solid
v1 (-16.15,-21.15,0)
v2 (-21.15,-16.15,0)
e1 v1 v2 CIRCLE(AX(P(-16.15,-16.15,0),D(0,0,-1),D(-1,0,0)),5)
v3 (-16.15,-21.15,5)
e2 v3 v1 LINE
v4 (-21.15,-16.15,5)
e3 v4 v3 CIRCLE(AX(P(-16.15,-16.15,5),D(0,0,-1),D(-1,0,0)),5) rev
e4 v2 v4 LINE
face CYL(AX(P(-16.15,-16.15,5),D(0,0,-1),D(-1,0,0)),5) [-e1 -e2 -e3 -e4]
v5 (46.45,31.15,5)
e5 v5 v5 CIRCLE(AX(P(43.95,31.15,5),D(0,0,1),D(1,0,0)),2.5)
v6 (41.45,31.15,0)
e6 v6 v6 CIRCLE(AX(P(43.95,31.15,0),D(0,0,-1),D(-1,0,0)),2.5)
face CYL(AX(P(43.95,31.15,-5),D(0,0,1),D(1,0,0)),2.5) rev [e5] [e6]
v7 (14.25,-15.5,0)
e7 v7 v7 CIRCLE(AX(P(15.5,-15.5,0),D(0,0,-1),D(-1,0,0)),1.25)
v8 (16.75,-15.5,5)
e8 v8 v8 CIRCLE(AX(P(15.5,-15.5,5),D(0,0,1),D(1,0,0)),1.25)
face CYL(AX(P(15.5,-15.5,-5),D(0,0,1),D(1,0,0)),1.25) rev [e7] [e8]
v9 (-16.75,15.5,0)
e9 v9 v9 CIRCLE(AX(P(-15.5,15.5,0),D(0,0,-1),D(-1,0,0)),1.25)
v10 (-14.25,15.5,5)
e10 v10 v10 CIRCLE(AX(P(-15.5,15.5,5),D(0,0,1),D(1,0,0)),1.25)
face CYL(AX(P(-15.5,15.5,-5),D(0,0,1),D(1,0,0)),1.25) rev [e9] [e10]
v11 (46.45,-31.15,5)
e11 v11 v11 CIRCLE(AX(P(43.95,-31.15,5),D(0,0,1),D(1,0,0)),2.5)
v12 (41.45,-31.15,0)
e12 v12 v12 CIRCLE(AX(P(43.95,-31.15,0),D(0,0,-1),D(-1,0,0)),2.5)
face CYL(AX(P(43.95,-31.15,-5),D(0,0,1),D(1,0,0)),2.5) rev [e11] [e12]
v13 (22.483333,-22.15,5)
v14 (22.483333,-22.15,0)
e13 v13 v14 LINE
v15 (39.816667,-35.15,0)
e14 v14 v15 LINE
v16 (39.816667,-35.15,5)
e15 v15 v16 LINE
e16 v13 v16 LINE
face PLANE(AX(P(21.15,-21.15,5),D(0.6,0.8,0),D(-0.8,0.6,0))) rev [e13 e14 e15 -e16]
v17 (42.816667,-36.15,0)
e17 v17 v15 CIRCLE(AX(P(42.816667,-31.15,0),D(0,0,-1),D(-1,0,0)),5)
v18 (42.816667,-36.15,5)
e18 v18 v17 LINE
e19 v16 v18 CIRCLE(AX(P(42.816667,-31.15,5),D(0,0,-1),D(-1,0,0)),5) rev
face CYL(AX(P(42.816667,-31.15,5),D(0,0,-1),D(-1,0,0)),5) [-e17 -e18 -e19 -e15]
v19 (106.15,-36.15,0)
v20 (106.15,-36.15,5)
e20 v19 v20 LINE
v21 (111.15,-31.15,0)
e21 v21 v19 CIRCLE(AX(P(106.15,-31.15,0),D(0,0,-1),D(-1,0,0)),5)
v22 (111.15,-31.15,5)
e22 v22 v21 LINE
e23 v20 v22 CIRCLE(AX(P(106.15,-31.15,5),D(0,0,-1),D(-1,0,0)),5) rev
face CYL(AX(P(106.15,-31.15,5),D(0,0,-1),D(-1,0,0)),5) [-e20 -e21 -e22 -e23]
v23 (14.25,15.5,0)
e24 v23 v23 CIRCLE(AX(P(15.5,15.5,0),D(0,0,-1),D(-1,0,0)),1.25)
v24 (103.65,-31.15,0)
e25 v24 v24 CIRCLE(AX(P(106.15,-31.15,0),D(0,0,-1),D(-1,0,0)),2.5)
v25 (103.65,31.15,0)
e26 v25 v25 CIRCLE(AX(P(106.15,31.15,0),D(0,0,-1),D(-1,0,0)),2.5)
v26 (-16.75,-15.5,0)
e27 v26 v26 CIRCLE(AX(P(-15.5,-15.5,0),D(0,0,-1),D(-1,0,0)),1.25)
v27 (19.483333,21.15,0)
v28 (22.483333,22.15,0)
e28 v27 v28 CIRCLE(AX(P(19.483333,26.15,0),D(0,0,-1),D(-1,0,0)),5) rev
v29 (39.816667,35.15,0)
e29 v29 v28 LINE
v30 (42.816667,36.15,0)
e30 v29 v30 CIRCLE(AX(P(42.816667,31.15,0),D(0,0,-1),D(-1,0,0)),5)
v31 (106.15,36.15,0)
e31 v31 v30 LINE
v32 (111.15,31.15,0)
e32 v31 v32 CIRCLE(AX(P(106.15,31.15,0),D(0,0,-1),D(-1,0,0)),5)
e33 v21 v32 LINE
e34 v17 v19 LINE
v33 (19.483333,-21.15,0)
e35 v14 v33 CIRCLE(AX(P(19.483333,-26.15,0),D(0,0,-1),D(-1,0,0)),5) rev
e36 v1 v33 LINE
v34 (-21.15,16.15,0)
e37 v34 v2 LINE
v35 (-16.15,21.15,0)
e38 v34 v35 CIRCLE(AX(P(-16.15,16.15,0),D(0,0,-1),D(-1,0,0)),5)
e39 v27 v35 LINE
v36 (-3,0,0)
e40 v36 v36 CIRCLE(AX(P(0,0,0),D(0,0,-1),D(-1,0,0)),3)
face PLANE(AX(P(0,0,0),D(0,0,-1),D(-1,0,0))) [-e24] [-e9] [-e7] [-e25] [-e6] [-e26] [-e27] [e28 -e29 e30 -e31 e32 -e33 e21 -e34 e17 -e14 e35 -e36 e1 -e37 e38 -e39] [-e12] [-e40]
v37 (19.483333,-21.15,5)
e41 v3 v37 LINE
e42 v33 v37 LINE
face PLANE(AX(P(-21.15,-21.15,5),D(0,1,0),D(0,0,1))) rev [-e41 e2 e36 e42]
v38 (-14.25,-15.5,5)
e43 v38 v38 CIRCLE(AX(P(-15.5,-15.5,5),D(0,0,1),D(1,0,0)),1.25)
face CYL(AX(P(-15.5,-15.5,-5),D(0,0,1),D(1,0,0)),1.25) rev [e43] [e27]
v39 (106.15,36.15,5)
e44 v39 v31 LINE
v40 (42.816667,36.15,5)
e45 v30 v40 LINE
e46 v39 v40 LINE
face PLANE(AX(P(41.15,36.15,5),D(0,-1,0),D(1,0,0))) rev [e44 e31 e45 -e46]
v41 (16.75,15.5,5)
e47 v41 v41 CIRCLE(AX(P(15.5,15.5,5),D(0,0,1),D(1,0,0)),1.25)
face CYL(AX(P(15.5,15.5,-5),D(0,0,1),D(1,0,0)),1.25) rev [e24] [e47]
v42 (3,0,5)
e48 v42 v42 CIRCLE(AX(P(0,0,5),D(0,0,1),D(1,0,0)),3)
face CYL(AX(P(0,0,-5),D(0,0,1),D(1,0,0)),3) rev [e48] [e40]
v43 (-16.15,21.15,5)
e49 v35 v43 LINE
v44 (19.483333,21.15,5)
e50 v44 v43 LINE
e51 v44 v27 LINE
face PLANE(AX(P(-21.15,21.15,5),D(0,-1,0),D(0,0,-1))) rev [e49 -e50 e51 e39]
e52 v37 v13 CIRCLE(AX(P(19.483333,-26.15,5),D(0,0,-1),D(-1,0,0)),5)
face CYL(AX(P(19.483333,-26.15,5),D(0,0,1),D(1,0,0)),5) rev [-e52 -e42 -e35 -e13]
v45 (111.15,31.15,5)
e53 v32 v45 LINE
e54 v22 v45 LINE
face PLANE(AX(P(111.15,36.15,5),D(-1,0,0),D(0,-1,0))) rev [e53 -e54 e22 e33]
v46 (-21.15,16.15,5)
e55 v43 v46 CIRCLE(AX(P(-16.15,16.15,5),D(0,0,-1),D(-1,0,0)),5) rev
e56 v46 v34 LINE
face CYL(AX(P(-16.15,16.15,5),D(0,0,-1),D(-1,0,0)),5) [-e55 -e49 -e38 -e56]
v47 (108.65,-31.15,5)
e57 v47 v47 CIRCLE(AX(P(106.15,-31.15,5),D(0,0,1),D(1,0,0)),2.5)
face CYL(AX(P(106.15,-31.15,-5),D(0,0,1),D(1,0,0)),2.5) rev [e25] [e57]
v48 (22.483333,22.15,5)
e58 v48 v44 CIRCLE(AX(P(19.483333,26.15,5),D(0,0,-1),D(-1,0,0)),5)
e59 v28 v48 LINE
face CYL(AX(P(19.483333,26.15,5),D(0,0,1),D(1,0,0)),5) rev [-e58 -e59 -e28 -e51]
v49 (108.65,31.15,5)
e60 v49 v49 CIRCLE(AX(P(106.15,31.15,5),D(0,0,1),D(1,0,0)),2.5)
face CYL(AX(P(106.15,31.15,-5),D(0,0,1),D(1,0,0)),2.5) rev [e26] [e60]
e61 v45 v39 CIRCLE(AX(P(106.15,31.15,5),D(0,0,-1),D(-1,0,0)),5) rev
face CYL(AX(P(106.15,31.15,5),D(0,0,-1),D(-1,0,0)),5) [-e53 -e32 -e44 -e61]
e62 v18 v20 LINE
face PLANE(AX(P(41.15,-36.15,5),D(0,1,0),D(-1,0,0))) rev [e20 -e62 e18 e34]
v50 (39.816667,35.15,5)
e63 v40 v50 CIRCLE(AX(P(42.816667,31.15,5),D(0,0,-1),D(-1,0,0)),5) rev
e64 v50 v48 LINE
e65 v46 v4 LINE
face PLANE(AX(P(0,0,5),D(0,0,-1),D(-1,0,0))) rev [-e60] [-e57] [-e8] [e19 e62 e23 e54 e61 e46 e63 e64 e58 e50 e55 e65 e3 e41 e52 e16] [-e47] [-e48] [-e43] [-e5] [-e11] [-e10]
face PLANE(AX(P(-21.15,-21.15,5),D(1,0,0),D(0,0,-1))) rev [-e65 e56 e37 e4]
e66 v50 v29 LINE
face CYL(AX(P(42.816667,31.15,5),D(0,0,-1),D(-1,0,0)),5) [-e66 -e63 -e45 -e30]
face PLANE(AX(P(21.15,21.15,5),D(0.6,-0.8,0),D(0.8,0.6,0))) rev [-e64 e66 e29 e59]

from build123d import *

# Parameters (mm, degrees)
BOSS_EXTRUDE1_DEPTH = 5
FILLET2_R           = 5
FILLET3_R           = 5
FILLET4_R           = 5
FILLET5_R           = 5
FILLET6_R           = 5
FILLET7_R           = 5
FILLET8_R           = 5
FILLET9_R           = 5
SKETCH2_R           = 1.25
SKETCH2_R_2         = 2.5
SKETCH2_R_3         = 3
CUT_EXTRUDE1_DEPTH  = 10


with BuildPart() as part:
    # Sketch1 → Boss-Extrude1 (new body)
    with BuildSketch(Plane.XY):
        Polygon((21.15, 21.15), (41.15, 36.15), (111.15, 36.15), (111.15, -36.15), (41.15, -36.15), (21.15, -21.15), (-21.15, -21.15), (-21.15, 21.15), align=None)
    extrude(amount=BOSS_EXTRUDE1_DEPTH)

    # Fillet2
    fillet2_edges = [part.edges().sort_by_distance(p)[0] for p in [
        (-21.15, -21.15, 2.5),
    ]]
    fillet(fillet2_edges, radius=FILLET2_R)

    # Fillet3
    fillet3_edges = [part.edges().sort_by_distance(p)[0] for p in [
        (-21.15, 21.15, 2.5),
    ]]
    fillet(fillet3_edges, radius=FILLET3_R)

    # Fillet4
    fillet4_edges = [part.edges().sort_by_distance(p)[0] for p in [
        (21.15, 21.15, 2.5),
    ]]
    fillet(fillet4_edges, radius=FILLET4_R)

    # Fillet5
    fillet5_edges = [part.edges().sort_by_distance(p)[0] for p in [
        (21.15, -21.15, 2.5),
    ]]
    fillet(fillet5_edges, radius=FILLET5_R)

    # Fillet6
    fillet6_edges = [part.edges().sort_by_distance(p)[0] for p in [
        (41.15, -36.15, 2.5),
    ]]
    fillet(fillet6_edges, radius=FILLET6_R)

    # Fillet7
    fillet7_edges = [part.edges().sort_by_distance(p)[0] for p in [
        (41.15, 36.15, 2.5),
    ]]
    fillet(fillet7_edges, radius=FILLET7_R)

    # Fillet8
    fillet8_edges = [part.edges().sort_by_distance(p)[0] for p in [
        (111.15, 36.15, 2.5),
    ]]
    fillet(fillet8_edges, radius=FILLET8_R)

    # Fillet9
    fillet9_edges = [part.edges().sort_by_distance(p)[0] for p in [
        (111.15, -36.15, 2.5),
    ]]
    fillet(fillet9_edges, radius=FILLET9_R)

    # Sketch2 → Cut-Extrude1 (cut)
    with BuildSketch(Plane.XY.offset(5)):
        with Locations((-15.5, -15.5)):
            Circle(SKETCH2_R)
        with Locations((-15.5, 15.5)):
            Circle(SKETCH2_R)
        with Locations((15.5, 15.5)):
            Circle(SKETCH2_R)
        with Locations((15.5, -15.5)):
            Circle(SKETCH2_R)
        with Locations((106.15, 31.15)):
            Circle(SKETCH2_R_2)
        with Locations((106.15, -31.15)):
            Circle(SKETCH2_R_2)
        with Locations((43.95, -31.15)):
            Circle(SKETCH2_R_2)
        with Locations((43.95, 31.15)):
            Circle(SKETCH2_R_2)
        Circle(SKETCH2_R_3)
    extrude(amount=-CUT_EXTRUDE1_DEPTH, mode=Mode.SUBTRACT)


solid = part.part
